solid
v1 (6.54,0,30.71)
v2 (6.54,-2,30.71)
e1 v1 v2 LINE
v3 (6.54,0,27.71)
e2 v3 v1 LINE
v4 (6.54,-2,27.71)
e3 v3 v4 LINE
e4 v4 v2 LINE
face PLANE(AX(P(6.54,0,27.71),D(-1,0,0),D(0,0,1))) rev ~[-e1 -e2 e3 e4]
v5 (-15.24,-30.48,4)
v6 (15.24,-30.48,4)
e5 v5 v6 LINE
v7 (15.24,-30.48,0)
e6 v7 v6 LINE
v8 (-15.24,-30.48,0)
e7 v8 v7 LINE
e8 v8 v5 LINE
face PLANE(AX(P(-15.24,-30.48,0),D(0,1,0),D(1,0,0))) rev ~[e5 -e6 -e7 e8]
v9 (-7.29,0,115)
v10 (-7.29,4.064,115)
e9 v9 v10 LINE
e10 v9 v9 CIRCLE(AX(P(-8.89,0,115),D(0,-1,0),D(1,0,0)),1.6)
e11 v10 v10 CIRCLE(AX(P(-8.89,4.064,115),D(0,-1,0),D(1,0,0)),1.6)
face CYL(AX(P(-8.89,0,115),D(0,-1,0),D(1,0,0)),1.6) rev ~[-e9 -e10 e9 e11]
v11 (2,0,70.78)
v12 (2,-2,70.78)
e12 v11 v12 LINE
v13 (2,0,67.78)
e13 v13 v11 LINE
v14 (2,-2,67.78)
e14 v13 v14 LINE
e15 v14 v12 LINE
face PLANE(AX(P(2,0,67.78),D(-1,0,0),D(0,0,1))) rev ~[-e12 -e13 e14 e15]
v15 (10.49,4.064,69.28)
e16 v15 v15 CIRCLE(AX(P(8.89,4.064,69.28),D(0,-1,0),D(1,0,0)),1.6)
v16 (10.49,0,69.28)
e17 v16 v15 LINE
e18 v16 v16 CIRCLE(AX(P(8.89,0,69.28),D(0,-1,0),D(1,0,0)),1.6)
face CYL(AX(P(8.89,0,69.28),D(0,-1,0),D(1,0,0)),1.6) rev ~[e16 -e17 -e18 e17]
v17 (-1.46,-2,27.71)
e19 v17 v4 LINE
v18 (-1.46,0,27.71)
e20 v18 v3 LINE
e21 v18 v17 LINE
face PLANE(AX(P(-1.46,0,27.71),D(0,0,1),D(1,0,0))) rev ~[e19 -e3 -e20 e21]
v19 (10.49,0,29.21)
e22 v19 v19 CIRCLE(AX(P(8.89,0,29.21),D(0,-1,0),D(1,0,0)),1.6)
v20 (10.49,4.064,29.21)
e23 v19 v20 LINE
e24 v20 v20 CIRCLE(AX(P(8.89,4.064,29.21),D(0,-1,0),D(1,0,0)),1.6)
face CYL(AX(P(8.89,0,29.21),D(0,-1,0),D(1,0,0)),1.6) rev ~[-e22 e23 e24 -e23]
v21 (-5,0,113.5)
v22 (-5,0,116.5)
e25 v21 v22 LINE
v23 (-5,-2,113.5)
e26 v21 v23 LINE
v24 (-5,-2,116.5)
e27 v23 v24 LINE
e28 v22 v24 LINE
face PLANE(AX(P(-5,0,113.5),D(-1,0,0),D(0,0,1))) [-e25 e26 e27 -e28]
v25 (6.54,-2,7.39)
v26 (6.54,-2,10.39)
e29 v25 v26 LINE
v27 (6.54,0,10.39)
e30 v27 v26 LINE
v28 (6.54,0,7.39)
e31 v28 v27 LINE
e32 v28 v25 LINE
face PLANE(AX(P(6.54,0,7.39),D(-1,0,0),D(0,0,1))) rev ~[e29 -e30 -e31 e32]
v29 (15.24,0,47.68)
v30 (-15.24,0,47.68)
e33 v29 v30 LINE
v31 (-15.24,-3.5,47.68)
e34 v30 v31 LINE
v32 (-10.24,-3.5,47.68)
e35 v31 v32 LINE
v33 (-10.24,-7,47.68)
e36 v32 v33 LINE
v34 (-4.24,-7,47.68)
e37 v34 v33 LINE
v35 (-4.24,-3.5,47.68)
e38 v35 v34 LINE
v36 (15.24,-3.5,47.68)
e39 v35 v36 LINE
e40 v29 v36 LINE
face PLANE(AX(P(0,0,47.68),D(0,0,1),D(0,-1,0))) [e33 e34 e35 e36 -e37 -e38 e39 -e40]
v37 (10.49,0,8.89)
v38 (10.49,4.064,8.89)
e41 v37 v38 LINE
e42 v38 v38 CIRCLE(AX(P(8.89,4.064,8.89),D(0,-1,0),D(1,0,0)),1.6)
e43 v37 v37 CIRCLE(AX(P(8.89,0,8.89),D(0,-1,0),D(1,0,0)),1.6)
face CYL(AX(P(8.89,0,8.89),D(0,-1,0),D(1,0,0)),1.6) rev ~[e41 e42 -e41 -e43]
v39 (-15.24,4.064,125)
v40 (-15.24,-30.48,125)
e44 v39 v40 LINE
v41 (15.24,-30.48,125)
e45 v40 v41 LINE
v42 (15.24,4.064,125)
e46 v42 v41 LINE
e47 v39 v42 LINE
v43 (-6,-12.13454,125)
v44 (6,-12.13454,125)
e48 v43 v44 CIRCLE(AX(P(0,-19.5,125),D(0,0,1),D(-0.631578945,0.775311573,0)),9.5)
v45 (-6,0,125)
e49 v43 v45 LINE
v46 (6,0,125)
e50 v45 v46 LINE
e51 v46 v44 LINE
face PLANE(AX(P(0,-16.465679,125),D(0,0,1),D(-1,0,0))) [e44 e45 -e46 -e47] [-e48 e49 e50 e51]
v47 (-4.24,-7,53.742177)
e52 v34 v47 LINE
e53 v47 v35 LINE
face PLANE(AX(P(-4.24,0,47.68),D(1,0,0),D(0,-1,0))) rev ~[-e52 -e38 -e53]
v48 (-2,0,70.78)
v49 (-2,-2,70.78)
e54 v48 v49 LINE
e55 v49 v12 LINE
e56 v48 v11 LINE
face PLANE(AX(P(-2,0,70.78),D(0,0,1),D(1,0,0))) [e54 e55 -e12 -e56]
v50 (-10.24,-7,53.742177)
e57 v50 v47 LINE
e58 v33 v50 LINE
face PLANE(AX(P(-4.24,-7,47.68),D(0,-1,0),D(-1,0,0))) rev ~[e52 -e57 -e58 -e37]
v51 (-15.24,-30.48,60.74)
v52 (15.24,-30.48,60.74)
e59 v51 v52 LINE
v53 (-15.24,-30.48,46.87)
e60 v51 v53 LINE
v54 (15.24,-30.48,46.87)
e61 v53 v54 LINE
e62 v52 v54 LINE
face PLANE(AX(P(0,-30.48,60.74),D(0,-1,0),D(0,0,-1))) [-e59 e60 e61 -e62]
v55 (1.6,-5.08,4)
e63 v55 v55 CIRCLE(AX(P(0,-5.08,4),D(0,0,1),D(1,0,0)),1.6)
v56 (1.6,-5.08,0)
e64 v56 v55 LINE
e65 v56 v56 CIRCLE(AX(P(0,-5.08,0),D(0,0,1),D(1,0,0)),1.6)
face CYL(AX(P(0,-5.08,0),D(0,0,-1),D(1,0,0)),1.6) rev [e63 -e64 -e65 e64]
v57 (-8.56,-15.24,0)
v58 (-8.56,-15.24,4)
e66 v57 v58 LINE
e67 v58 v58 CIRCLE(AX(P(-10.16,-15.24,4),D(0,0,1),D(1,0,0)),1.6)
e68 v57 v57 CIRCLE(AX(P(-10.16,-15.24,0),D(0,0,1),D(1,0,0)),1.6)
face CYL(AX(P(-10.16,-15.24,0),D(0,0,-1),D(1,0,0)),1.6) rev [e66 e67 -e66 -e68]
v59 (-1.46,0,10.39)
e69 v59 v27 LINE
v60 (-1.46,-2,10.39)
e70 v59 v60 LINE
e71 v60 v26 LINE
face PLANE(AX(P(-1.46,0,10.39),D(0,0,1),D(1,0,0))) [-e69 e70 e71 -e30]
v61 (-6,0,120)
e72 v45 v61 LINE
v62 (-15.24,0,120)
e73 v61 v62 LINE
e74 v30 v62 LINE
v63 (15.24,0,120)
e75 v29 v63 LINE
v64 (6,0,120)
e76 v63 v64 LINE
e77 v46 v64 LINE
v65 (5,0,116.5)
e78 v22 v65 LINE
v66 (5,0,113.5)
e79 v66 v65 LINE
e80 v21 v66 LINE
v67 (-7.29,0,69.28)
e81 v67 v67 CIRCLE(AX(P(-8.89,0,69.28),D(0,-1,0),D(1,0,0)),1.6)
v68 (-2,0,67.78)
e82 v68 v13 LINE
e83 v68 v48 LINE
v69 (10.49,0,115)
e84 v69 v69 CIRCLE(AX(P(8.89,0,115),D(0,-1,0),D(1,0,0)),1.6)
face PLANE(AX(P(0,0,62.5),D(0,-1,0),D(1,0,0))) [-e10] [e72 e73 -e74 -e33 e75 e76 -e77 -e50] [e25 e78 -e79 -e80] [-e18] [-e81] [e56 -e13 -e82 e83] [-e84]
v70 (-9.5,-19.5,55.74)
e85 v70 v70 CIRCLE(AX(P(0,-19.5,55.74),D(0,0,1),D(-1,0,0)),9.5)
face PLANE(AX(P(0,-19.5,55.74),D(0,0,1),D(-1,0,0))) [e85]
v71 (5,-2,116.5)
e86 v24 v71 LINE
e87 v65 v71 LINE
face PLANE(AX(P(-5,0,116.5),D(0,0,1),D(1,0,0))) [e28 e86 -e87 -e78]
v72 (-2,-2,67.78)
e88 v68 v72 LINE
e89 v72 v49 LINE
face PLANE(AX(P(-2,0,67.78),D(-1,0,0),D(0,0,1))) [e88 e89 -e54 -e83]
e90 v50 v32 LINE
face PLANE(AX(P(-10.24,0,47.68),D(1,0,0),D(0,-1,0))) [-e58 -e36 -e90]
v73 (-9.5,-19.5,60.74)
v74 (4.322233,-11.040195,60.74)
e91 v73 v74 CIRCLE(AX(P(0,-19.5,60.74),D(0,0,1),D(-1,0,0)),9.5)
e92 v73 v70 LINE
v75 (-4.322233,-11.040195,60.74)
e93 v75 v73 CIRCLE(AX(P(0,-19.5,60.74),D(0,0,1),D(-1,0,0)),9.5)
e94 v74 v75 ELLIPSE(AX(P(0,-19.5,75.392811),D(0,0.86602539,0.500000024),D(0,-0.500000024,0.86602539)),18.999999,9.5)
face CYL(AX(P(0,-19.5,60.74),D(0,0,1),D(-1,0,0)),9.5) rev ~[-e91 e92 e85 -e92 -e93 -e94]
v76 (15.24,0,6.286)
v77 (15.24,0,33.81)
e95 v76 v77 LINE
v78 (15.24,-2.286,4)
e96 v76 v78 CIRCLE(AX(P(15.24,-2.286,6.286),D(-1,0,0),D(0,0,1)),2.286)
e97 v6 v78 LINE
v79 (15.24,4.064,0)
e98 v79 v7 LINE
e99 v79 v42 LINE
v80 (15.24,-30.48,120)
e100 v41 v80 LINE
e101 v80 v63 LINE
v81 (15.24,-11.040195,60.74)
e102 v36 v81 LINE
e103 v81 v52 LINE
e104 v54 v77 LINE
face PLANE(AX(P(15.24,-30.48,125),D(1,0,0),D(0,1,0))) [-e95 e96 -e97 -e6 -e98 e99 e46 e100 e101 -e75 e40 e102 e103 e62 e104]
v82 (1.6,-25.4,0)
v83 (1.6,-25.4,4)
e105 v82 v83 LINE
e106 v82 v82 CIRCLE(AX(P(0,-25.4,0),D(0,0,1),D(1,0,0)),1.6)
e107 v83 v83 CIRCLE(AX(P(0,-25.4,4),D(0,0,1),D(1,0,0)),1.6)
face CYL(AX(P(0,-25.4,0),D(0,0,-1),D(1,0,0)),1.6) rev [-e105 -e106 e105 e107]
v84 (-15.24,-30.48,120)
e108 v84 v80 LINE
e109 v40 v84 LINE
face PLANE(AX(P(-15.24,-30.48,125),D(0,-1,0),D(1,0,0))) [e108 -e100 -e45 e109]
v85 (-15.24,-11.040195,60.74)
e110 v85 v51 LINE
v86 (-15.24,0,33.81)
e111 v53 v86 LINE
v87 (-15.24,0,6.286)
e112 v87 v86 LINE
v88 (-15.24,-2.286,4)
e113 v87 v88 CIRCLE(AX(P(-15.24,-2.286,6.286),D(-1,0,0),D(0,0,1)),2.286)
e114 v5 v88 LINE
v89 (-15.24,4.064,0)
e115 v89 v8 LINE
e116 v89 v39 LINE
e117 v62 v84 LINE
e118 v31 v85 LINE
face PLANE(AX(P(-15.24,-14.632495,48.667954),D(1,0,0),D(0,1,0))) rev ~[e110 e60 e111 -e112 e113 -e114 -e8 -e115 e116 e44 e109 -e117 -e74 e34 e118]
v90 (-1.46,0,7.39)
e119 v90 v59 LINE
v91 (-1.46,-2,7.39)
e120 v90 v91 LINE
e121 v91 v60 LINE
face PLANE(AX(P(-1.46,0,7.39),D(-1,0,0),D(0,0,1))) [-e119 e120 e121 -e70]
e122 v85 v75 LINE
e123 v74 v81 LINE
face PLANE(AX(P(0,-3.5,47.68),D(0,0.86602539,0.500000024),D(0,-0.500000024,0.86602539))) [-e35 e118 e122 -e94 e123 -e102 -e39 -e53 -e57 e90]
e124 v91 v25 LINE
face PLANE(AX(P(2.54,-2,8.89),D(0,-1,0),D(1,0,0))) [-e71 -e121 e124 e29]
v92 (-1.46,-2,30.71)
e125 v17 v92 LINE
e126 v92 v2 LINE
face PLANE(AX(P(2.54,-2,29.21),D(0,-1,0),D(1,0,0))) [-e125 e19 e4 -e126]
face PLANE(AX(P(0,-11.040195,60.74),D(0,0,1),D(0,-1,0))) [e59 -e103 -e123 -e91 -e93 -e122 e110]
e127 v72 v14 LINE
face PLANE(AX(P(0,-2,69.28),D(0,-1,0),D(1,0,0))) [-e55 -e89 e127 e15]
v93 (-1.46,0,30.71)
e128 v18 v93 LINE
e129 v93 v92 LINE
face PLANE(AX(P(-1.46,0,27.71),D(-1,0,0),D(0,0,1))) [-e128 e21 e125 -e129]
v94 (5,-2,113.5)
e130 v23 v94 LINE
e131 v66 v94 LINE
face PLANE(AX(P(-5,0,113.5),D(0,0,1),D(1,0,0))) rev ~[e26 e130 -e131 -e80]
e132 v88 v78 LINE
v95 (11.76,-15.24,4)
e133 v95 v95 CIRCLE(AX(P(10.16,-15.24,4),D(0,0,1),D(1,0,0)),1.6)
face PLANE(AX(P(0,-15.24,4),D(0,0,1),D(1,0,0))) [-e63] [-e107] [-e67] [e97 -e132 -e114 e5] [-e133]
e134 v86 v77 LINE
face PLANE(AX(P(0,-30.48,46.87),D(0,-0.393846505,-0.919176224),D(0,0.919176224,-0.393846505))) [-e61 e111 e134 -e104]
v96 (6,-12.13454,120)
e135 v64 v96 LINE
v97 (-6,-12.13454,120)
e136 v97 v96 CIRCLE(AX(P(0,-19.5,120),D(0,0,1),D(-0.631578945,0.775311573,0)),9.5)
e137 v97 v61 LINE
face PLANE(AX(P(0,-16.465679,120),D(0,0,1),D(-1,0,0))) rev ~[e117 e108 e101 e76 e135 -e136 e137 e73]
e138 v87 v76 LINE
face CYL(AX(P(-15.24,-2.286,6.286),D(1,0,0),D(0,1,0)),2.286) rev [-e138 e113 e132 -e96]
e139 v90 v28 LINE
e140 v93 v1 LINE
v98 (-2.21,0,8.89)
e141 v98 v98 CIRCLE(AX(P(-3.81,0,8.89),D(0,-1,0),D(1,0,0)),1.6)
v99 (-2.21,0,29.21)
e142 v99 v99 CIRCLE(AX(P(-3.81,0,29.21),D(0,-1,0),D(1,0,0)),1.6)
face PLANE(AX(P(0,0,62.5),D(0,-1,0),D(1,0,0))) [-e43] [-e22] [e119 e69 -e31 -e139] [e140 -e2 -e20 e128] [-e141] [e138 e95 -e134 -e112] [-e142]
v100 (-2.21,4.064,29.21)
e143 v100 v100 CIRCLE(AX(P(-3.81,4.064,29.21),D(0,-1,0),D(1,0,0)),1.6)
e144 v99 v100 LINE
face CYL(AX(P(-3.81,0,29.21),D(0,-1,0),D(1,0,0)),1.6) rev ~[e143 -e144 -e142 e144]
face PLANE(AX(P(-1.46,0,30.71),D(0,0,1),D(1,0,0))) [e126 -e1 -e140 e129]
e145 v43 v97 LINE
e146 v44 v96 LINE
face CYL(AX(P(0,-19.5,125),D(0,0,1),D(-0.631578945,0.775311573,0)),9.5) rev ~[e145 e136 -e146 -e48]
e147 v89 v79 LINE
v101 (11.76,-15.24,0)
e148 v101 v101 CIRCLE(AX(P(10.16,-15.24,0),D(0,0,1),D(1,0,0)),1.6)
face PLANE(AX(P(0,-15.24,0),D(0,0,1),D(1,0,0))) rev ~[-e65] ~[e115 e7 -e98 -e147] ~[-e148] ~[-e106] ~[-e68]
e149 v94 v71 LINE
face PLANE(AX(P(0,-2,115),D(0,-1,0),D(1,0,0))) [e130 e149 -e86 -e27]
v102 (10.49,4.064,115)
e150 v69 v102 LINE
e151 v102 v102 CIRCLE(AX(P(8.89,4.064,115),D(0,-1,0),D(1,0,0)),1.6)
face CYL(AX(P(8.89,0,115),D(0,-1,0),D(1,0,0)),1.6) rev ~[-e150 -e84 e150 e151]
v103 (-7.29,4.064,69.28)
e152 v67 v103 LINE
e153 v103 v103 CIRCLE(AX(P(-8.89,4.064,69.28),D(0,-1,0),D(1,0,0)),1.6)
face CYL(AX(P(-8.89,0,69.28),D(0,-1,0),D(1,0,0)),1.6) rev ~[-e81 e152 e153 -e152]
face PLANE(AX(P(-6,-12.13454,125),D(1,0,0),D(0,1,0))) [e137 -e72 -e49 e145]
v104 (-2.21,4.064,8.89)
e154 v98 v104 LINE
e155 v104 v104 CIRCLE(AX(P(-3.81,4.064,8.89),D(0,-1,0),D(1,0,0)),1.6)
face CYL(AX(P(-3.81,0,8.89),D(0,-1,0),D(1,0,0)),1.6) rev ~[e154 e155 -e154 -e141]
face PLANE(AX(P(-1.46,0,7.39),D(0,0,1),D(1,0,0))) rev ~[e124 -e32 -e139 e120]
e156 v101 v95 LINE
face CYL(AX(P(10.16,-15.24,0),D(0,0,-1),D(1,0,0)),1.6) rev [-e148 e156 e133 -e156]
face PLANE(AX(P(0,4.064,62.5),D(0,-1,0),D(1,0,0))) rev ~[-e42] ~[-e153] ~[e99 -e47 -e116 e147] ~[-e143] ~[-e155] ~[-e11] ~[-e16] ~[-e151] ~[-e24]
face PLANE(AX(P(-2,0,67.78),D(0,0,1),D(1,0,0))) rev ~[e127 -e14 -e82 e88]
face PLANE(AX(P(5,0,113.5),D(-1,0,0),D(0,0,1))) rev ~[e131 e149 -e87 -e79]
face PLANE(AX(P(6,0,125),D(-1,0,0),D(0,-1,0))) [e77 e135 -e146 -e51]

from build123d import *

# Parameters (mm, degrees)
SKETCH_W          = 30.48
SKETCH_H          = 125
SKETCH_R          = 1.6
PAD_DEPTH         = 4.064
SKETCH001_W       = 30.48
SKETCH001_H       = 30.48
SKETCH001_R       = 1.6
PAD001_DEPTH      = 4
FILLET_R          = 2.286
PAD002_DEPTH      = 5
SKETCH003_W       = 4
SKETCH003_H       = 3
SKETCH003_W_2     = 10
PAD003_DEPTH      = 2
PAD004_DEPTH      = 15.24
PAD004_DEPTH_BACK = 15.24
SKETCH005_R       = 9.5
POCKET_DEPTH      = 5
SKETCH006_W       = 8
SKETCH006_H       = 3
PAD005_DEPTH      = 2
SKETCH007_W       = 6
SKETCH007_H       = 7
POCKET001_DEPTH   = 10


with BuildPart() as part:
    # Sketch → Pad (new body)
    with BuildSketch(Plane.XZ):
        with Locations((0, 62.5)):
            Rectangle(SKETCH_W, SKETCH_H)
        with Locations((-8.89, 69.28)):
            Circle(SKETCH_R, mode=Mode.SUBTRACT)
        with Locations((8.89, 69.28)):
            Circle(SKETCH_R, mode=Mode.SUBTRACT)
        with Locations((-8.89, 115)):
            Circle(SKETCH_R, mode=Mode.SUBTRACT)
        with Locations((8.89, 115)):
            Circle(SKETCH_R, mode=Mode.SUBTRACT)
        with Locations((-3.81, 29.21)):
            Circle(SKETCH_R, mode=Mode.SUBTRACT)
        with Locations((8.89, 29.21)):
            Circle(SKETCH_R, mode=Mode.SUBTRACT)
        with Locations((-3.81, 8.89)):
            Circle(SKETCH_R, mode=Mode.SUBTRACT)
        with Locations((8.89, 8.89)):
            Circle(SKETCH_R, mode=Mode.SUBTRACT)
    extrude(amount=-PAD_DEPTH)

    # Sketch001 → Pad001 (join)
    with BuildSketch(Plane.XY):
        with Locations((0, -15.24)):
            Rectangle(SKETCH001_W, SKETCH001_H)
        with Locations((0, -5.08)):
            Circle(SKETCH001_R, mode=Mode.SUBTRACT)
        with Locations((0, -25.4)):
            Circle(SKETCH001_R, mode=Mode.SUBTRACT)
        with Locations((10.16, -15.24)):
            Circle(SKETCH001_R, mode=Mode.SUBTRACT)
        with Locations((-10.16, -15.24)):
            Circle(SKETCH001_R, mode=Mode.SUBTRACT)
    extrude(amount=PAD001_DEPTH)

    # Fillet
    fillet_edges = [part.edges().sort_by_distance(p)[0] for p in [
        (0, 0, 4),
    ]]
    fillet(fillet_edges, radius=FILLET_R)

    # Sketch002 (on Face6 of Pad001) → Pad002 (join)
    with BuildSketch(Plane(origin=(0, 0, 125), x_dir=(-1, 0, 0), z_dir=(0, 0, 1))):
        with BuildLine():
            Line((-15.24, 30.48), (-15.24, 0))
            Line((-15.24, 0), (-6, 0))
            Line((-6, 0), (-6, 12.13454))
            ThreePointArc((6, 12.13454), (0, 29), (-6, 12.13454))
            Line((6, 12.13454), (6, 0))
            Line((6, 0), (15.24, 0))
            Line((15.24, 0), (15.24, 30.48))
            Line((15.24, 30.48), (-15.24, 30.48))
        make_face()
    extrude(amount=-PAD002_DEPTH)

    # Sketch003 (on Face3 of Pad002) → Pad003 (join)
    with BuildSketch(Plane.XZ):
        with Locations((0, 69.28)):
            Rectangle(SKETCH003_W, SKETCH003_H)
        with Locations((0, 115)):
            Rectangle(SKETCH003_W_2, SKETCH003_H)
    extrude(amount=PAD003_DEPTH)

    # Sketch004 → Pad004 (join, two sides)
    with BuildSketch(Plane.YZ) as pad004_sk:
        Polygon((0, 47.68), (-3.5, 47.68), (-11.040195, 60.74), (-30.48, 60.74), (-30.48, 46.87), (0, 33.81), align=None)
    extrude(amount=PAD004_DEPTH)
    extrude(pad004_sk.sketch, amount=-PAD004_DEPTH_BACK)

    # Sketch005 (on Face30 of Pad004) → Pocket (cut)
    with BuildSketch(Plane(origin=(0, 0, 60.74), x_dir=(-1, 0, 0), z_dir=(0, 0, 1))):
        with Locations((0, 19.5)):
            Circle(SKETCH005_R)
    extrude(amount=-POCKET_DEPTH, mode=Mode.SUBTRACT)

    # Sketch006 (on Face5 of Pocket) → Pad005 (join)
    with BuildSketch(Plane.XZ):
        with Locations((2.54, 29.21)):
            Rectangle(SKETCH006_W, SKETCH006_H)
        with Locations((2.54, 8.89)):
            Rectangle(SKETCH006_W, SKETCH006_H)
    extrude(amount=PAD005_DEPTH)

    # Sketch007 (on Face16 of Pad005) → Pocket001 (cut)
    with BuildSketch(Plane(origin=(0, 0, 47.68), x_dir=(-1, 0, 0), z_dir=(0, 0, 1))):
        with Locations((7.24, 3.5)):
            Rectangle(SKETCH007_W, SKETCH007_H)
    extrude(amount=POCKET001_DEPTH, mode=Mode.SUBTRACT)


solid = part.part
